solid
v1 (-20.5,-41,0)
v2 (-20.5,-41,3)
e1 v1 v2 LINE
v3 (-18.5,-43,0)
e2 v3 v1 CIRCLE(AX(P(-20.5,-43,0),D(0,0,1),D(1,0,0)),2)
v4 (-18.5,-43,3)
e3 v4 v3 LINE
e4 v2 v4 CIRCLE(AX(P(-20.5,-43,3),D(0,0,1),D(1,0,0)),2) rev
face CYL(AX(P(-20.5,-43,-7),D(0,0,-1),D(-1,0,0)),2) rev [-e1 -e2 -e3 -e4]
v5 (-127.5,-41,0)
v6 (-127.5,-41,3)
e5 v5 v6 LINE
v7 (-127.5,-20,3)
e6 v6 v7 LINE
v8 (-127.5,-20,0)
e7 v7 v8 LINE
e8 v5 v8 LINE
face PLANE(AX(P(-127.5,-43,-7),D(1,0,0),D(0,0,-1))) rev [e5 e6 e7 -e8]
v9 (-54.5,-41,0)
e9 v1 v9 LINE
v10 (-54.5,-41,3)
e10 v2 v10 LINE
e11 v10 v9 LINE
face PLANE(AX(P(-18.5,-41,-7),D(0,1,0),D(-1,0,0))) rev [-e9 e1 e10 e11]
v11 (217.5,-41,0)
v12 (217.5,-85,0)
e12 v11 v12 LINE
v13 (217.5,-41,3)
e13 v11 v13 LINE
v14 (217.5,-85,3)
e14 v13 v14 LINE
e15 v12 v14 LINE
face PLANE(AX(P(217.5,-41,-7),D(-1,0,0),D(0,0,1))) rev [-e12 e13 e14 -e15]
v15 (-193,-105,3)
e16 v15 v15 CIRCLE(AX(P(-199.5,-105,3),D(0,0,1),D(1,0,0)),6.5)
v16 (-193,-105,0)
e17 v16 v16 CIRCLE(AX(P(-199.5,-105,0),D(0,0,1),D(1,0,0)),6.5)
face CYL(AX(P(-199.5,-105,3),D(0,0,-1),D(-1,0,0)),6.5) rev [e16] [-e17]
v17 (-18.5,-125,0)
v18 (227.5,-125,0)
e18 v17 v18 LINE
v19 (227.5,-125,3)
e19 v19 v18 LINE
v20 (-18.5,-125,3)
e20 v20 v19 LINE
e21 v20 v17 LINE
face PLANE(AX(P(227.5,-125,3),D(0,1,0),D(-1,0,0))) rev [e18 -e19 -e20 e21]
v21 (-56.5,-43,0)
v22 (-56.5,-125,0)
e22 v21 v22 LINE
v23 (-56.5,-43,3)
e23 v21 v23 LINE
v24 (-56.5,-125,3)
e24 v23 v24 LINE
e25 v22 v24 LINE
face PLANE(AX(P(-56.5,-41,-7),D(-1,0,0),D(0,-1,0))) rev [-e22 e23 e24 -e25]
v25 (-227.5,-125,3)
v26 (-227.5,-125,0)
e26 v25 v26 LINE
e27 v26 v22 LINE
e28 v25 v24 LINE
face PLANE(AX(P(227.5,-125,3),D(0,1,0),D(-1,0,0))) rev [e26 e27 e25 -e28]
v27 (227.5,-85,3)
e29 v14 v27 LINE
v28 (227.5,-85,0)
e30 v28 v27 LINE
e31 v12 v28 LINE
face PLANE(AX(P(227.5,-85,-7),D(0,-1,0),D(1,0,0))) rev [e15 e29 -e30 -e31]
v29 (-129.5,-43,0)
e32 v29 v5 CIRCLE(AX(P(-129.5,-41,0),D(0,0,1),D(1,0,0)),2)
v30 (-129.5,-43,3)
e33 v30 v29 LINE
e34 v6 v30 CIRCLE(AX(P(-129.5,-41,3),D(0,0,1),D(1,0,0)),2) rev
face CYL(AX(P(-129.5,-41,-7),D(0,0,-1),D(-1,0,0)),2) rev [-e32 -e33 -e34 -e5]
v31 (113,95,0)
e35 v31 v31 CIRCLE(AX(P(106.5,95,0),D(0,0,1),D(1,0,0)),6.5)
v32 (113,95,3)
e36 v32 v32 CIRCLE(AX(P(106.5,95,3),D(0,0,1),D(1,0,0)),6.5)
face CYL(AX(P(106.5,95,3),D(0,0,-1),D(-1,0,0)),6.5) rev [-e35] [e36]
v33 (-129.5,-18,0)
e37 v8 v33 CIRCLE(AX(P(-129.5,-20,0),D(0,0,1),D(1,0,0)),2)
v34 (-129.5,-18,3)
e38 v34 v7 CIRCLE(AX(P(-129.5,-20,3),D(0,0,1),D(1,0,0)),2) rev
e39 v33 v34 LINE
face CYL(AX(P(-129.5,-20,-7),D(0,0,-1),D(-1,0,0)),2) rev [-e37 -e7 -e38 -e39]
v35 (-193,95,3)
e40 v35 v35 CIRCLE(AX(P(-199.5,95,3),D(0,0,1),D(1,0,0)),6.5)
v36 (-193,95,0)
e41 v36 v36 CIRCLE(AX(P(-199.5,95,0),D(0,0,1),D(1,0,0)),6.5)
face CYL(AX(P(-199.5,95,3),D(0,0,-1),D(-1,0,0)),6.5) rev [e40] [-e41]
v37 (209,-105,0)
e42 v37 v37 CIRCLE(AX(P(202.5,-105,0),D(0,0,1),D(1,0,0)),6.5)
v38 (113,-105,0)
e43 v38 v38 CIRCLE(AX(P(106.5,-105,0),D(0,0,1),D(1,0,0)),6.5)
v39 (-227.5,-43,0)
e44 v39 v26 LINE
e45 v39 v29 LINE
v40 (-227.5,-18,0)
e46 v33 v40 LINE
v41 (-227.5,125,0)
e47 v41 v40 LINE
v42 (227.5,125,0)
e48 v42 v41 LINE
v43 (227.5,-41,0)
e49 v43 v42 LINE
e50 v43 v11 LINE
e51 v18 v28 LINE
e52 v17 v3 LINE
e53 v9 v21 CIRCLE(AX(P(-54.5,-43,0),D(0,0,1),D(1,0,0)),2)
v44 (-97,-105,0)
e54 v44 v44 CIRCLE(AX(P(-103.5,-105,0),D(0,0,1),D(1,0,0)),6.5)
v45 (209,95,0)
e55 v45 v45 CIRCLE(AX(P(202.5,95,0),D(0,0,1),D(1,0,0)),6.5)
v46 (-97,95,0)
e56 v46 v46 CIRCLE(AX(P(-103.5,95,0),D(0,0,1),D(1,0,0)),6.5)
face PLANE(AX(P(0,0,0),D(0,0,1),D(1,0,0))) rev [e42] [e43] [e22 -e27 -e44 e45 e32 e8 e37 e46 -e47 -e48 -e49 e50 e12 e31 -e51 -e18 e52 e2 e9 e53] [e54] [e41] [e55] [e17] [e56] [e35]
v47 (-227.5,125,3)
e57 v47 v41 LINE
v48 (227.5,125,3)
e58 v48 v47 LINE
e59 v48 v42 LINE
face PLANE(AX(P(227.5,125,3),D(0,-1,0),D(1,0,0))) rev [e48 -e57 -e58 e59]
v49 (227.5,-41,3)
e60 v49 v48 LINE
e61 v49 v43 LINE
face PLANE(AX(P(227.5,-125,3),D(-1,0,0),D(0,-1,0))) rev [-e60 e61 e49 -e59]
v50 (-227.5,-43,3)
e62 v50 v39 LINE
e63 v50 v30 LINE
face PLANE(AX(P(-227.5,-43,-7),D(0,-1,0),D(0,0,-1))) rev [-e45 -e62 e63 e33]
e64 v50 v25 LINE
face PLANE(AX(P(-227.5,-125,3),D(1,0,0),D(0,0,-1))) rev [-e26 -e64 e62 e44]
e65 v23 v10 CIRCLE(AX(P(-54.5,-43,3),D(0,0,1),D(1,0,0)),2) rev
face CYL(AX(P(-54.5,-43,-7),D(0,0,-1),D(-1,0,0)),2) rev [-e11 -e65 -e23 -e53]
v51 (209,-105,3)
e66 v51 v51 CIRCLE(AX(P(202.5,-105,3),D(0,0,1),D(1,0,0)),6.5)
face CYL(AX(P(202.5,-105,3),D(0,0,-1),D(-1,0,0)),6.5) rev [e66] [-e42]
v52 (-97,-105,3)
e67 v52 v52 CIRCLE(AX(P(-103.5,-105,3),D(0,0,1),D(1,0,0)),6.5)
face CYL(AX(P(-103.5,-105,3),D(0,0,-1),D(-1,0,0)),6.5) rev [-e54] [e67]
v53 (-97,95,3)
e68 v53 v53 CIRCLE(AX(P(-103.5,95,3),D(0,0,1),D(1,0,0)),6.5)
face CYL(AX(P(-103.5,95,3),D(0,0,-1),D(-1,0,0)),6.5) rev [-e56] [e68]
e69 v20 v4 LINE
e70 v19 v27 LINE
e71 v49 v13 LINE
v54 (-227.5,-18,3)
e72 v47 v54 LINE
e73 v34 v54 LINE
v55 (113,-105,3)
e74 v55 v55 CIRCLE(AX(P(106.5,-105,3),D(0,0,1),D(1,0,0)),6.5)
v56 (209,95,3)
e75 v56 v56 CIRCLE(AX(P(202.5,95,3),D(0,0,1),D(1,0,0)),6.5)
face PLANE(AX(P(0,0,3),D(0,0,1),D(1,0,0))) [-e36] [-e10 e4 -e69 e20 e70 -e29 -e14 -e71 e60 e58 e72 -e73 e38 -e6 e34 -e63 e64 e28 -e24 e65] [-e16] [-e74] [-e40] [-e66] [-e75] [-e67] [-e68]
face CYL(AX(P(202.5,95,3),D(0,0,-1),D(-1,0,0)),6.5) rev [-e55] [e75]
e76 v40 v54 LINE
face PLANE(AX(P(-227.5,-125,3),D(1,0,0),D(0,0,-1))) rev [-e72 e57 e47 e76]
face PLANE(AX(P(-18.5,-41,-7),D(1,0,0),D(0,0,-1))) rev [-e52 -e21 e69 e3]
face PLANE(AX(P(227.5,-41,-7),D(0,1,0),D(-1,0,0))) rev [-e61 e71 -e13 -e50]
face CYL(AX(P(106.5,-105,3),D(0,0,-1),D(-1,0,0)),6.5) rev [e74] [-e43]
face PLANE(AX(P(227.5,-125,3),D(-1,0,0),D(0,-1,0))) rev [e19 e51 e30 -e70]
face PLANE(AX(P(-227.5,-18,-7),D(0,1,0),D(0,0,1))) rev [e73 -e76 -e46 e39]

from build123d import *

# Parameters (mm, degrees)
ESQUISSE1_W             = 455
ESQUISSE1_H             = 250
ESQUISSE1_R             = 6.5
BOSS_EXTRU_1_DEPTH      = 3
ESQUISSE4_W             = 100
ESQUISSE4_H             = 25
ESQUISSE4_W_2           = 38
ESQUISSE4_H_2           = 84
ESQUISSE4_W_3           = 10
ESQUISSE4_H_3           = 44
ENL_V_MAT_EXTRU_3_DEPTH = 10
CONG_1_R                = 2


with BuildPart() as part:
    # Esquisse1 → Boss.-Extru.1 (new body)
    with BuildSketch(Plane.XY):
        Rectangle(ESQUISSE1_W, ESQUISSE1_H)
        with Locations((106.5, 95)):
            Circle(ESQUISSE1_R, mode=Mode.SUBTRACT)
        with Locations((202.5, 95)):
            Circle(ESQUISSE1_R, mode=Mode.SUBTRACT)
        with Locations((106.5, -105)):
            Circle(ESQUISSE1_R, mode=Mode.SUBTRACT)
        with Locations((202.5, -105)):
            Circle(ESQUISSE1_R, mode=Mode.SUBTRACT)
        with Locations((-103.5, -105)):
            Circle(ESQUISSE1_R, mode=Mode.SUBTRACT)
        with Locations((-103.5, 95)):
            Circle(ESQUISSE1_R, mode=Mode.SUBTRACT)
        with Locations((-199.5, 95)):
            Circle(ESQUISSE1_R, mode=Mode.SUBTRACT)
        with Locations((-199.5, -105)):
            Circle(ESQUISSE1_R, mode=Mode.SUBTRACT)
    extrude(amount=BOSS_EXTRU_1_DEPTH)

    # Esquisse4 → Enlèv. mat.-Extru.3 (cut)
    with BuildSketch(Plane.XY.offset(3)):
        with Locations((-177.5, -30.5)):
            Rectangle(ESQUISSE4_W, ESQUISSE4_H)
        with Locations((-37.5, -83)):
            Rectangle(ESQUISSE4_W_2, ESQUISSE4_H_2)
        with Locations((222.5, -63)):
            Rectangle(ESQUISSE4_W_3, ESQUISSE4_H_3)
    extrude(amount=-ENL_V_MAT_EXTRU_3_DEPTH, mode=Mode.SUBTRACT)

    # Congé1
    cong_1_edges = [part.edges().sort_by_distance(p)[0] for p in [
        (-127.5, -18, 1.5),
        (-127.5, -43, 1.5),
        (-56.5, -41, 1.5),
        (-18.5, -41, 1.5),
    ]]
    fillet(cong_1_edges, radius=CONG_1_R)


solid = part.part
